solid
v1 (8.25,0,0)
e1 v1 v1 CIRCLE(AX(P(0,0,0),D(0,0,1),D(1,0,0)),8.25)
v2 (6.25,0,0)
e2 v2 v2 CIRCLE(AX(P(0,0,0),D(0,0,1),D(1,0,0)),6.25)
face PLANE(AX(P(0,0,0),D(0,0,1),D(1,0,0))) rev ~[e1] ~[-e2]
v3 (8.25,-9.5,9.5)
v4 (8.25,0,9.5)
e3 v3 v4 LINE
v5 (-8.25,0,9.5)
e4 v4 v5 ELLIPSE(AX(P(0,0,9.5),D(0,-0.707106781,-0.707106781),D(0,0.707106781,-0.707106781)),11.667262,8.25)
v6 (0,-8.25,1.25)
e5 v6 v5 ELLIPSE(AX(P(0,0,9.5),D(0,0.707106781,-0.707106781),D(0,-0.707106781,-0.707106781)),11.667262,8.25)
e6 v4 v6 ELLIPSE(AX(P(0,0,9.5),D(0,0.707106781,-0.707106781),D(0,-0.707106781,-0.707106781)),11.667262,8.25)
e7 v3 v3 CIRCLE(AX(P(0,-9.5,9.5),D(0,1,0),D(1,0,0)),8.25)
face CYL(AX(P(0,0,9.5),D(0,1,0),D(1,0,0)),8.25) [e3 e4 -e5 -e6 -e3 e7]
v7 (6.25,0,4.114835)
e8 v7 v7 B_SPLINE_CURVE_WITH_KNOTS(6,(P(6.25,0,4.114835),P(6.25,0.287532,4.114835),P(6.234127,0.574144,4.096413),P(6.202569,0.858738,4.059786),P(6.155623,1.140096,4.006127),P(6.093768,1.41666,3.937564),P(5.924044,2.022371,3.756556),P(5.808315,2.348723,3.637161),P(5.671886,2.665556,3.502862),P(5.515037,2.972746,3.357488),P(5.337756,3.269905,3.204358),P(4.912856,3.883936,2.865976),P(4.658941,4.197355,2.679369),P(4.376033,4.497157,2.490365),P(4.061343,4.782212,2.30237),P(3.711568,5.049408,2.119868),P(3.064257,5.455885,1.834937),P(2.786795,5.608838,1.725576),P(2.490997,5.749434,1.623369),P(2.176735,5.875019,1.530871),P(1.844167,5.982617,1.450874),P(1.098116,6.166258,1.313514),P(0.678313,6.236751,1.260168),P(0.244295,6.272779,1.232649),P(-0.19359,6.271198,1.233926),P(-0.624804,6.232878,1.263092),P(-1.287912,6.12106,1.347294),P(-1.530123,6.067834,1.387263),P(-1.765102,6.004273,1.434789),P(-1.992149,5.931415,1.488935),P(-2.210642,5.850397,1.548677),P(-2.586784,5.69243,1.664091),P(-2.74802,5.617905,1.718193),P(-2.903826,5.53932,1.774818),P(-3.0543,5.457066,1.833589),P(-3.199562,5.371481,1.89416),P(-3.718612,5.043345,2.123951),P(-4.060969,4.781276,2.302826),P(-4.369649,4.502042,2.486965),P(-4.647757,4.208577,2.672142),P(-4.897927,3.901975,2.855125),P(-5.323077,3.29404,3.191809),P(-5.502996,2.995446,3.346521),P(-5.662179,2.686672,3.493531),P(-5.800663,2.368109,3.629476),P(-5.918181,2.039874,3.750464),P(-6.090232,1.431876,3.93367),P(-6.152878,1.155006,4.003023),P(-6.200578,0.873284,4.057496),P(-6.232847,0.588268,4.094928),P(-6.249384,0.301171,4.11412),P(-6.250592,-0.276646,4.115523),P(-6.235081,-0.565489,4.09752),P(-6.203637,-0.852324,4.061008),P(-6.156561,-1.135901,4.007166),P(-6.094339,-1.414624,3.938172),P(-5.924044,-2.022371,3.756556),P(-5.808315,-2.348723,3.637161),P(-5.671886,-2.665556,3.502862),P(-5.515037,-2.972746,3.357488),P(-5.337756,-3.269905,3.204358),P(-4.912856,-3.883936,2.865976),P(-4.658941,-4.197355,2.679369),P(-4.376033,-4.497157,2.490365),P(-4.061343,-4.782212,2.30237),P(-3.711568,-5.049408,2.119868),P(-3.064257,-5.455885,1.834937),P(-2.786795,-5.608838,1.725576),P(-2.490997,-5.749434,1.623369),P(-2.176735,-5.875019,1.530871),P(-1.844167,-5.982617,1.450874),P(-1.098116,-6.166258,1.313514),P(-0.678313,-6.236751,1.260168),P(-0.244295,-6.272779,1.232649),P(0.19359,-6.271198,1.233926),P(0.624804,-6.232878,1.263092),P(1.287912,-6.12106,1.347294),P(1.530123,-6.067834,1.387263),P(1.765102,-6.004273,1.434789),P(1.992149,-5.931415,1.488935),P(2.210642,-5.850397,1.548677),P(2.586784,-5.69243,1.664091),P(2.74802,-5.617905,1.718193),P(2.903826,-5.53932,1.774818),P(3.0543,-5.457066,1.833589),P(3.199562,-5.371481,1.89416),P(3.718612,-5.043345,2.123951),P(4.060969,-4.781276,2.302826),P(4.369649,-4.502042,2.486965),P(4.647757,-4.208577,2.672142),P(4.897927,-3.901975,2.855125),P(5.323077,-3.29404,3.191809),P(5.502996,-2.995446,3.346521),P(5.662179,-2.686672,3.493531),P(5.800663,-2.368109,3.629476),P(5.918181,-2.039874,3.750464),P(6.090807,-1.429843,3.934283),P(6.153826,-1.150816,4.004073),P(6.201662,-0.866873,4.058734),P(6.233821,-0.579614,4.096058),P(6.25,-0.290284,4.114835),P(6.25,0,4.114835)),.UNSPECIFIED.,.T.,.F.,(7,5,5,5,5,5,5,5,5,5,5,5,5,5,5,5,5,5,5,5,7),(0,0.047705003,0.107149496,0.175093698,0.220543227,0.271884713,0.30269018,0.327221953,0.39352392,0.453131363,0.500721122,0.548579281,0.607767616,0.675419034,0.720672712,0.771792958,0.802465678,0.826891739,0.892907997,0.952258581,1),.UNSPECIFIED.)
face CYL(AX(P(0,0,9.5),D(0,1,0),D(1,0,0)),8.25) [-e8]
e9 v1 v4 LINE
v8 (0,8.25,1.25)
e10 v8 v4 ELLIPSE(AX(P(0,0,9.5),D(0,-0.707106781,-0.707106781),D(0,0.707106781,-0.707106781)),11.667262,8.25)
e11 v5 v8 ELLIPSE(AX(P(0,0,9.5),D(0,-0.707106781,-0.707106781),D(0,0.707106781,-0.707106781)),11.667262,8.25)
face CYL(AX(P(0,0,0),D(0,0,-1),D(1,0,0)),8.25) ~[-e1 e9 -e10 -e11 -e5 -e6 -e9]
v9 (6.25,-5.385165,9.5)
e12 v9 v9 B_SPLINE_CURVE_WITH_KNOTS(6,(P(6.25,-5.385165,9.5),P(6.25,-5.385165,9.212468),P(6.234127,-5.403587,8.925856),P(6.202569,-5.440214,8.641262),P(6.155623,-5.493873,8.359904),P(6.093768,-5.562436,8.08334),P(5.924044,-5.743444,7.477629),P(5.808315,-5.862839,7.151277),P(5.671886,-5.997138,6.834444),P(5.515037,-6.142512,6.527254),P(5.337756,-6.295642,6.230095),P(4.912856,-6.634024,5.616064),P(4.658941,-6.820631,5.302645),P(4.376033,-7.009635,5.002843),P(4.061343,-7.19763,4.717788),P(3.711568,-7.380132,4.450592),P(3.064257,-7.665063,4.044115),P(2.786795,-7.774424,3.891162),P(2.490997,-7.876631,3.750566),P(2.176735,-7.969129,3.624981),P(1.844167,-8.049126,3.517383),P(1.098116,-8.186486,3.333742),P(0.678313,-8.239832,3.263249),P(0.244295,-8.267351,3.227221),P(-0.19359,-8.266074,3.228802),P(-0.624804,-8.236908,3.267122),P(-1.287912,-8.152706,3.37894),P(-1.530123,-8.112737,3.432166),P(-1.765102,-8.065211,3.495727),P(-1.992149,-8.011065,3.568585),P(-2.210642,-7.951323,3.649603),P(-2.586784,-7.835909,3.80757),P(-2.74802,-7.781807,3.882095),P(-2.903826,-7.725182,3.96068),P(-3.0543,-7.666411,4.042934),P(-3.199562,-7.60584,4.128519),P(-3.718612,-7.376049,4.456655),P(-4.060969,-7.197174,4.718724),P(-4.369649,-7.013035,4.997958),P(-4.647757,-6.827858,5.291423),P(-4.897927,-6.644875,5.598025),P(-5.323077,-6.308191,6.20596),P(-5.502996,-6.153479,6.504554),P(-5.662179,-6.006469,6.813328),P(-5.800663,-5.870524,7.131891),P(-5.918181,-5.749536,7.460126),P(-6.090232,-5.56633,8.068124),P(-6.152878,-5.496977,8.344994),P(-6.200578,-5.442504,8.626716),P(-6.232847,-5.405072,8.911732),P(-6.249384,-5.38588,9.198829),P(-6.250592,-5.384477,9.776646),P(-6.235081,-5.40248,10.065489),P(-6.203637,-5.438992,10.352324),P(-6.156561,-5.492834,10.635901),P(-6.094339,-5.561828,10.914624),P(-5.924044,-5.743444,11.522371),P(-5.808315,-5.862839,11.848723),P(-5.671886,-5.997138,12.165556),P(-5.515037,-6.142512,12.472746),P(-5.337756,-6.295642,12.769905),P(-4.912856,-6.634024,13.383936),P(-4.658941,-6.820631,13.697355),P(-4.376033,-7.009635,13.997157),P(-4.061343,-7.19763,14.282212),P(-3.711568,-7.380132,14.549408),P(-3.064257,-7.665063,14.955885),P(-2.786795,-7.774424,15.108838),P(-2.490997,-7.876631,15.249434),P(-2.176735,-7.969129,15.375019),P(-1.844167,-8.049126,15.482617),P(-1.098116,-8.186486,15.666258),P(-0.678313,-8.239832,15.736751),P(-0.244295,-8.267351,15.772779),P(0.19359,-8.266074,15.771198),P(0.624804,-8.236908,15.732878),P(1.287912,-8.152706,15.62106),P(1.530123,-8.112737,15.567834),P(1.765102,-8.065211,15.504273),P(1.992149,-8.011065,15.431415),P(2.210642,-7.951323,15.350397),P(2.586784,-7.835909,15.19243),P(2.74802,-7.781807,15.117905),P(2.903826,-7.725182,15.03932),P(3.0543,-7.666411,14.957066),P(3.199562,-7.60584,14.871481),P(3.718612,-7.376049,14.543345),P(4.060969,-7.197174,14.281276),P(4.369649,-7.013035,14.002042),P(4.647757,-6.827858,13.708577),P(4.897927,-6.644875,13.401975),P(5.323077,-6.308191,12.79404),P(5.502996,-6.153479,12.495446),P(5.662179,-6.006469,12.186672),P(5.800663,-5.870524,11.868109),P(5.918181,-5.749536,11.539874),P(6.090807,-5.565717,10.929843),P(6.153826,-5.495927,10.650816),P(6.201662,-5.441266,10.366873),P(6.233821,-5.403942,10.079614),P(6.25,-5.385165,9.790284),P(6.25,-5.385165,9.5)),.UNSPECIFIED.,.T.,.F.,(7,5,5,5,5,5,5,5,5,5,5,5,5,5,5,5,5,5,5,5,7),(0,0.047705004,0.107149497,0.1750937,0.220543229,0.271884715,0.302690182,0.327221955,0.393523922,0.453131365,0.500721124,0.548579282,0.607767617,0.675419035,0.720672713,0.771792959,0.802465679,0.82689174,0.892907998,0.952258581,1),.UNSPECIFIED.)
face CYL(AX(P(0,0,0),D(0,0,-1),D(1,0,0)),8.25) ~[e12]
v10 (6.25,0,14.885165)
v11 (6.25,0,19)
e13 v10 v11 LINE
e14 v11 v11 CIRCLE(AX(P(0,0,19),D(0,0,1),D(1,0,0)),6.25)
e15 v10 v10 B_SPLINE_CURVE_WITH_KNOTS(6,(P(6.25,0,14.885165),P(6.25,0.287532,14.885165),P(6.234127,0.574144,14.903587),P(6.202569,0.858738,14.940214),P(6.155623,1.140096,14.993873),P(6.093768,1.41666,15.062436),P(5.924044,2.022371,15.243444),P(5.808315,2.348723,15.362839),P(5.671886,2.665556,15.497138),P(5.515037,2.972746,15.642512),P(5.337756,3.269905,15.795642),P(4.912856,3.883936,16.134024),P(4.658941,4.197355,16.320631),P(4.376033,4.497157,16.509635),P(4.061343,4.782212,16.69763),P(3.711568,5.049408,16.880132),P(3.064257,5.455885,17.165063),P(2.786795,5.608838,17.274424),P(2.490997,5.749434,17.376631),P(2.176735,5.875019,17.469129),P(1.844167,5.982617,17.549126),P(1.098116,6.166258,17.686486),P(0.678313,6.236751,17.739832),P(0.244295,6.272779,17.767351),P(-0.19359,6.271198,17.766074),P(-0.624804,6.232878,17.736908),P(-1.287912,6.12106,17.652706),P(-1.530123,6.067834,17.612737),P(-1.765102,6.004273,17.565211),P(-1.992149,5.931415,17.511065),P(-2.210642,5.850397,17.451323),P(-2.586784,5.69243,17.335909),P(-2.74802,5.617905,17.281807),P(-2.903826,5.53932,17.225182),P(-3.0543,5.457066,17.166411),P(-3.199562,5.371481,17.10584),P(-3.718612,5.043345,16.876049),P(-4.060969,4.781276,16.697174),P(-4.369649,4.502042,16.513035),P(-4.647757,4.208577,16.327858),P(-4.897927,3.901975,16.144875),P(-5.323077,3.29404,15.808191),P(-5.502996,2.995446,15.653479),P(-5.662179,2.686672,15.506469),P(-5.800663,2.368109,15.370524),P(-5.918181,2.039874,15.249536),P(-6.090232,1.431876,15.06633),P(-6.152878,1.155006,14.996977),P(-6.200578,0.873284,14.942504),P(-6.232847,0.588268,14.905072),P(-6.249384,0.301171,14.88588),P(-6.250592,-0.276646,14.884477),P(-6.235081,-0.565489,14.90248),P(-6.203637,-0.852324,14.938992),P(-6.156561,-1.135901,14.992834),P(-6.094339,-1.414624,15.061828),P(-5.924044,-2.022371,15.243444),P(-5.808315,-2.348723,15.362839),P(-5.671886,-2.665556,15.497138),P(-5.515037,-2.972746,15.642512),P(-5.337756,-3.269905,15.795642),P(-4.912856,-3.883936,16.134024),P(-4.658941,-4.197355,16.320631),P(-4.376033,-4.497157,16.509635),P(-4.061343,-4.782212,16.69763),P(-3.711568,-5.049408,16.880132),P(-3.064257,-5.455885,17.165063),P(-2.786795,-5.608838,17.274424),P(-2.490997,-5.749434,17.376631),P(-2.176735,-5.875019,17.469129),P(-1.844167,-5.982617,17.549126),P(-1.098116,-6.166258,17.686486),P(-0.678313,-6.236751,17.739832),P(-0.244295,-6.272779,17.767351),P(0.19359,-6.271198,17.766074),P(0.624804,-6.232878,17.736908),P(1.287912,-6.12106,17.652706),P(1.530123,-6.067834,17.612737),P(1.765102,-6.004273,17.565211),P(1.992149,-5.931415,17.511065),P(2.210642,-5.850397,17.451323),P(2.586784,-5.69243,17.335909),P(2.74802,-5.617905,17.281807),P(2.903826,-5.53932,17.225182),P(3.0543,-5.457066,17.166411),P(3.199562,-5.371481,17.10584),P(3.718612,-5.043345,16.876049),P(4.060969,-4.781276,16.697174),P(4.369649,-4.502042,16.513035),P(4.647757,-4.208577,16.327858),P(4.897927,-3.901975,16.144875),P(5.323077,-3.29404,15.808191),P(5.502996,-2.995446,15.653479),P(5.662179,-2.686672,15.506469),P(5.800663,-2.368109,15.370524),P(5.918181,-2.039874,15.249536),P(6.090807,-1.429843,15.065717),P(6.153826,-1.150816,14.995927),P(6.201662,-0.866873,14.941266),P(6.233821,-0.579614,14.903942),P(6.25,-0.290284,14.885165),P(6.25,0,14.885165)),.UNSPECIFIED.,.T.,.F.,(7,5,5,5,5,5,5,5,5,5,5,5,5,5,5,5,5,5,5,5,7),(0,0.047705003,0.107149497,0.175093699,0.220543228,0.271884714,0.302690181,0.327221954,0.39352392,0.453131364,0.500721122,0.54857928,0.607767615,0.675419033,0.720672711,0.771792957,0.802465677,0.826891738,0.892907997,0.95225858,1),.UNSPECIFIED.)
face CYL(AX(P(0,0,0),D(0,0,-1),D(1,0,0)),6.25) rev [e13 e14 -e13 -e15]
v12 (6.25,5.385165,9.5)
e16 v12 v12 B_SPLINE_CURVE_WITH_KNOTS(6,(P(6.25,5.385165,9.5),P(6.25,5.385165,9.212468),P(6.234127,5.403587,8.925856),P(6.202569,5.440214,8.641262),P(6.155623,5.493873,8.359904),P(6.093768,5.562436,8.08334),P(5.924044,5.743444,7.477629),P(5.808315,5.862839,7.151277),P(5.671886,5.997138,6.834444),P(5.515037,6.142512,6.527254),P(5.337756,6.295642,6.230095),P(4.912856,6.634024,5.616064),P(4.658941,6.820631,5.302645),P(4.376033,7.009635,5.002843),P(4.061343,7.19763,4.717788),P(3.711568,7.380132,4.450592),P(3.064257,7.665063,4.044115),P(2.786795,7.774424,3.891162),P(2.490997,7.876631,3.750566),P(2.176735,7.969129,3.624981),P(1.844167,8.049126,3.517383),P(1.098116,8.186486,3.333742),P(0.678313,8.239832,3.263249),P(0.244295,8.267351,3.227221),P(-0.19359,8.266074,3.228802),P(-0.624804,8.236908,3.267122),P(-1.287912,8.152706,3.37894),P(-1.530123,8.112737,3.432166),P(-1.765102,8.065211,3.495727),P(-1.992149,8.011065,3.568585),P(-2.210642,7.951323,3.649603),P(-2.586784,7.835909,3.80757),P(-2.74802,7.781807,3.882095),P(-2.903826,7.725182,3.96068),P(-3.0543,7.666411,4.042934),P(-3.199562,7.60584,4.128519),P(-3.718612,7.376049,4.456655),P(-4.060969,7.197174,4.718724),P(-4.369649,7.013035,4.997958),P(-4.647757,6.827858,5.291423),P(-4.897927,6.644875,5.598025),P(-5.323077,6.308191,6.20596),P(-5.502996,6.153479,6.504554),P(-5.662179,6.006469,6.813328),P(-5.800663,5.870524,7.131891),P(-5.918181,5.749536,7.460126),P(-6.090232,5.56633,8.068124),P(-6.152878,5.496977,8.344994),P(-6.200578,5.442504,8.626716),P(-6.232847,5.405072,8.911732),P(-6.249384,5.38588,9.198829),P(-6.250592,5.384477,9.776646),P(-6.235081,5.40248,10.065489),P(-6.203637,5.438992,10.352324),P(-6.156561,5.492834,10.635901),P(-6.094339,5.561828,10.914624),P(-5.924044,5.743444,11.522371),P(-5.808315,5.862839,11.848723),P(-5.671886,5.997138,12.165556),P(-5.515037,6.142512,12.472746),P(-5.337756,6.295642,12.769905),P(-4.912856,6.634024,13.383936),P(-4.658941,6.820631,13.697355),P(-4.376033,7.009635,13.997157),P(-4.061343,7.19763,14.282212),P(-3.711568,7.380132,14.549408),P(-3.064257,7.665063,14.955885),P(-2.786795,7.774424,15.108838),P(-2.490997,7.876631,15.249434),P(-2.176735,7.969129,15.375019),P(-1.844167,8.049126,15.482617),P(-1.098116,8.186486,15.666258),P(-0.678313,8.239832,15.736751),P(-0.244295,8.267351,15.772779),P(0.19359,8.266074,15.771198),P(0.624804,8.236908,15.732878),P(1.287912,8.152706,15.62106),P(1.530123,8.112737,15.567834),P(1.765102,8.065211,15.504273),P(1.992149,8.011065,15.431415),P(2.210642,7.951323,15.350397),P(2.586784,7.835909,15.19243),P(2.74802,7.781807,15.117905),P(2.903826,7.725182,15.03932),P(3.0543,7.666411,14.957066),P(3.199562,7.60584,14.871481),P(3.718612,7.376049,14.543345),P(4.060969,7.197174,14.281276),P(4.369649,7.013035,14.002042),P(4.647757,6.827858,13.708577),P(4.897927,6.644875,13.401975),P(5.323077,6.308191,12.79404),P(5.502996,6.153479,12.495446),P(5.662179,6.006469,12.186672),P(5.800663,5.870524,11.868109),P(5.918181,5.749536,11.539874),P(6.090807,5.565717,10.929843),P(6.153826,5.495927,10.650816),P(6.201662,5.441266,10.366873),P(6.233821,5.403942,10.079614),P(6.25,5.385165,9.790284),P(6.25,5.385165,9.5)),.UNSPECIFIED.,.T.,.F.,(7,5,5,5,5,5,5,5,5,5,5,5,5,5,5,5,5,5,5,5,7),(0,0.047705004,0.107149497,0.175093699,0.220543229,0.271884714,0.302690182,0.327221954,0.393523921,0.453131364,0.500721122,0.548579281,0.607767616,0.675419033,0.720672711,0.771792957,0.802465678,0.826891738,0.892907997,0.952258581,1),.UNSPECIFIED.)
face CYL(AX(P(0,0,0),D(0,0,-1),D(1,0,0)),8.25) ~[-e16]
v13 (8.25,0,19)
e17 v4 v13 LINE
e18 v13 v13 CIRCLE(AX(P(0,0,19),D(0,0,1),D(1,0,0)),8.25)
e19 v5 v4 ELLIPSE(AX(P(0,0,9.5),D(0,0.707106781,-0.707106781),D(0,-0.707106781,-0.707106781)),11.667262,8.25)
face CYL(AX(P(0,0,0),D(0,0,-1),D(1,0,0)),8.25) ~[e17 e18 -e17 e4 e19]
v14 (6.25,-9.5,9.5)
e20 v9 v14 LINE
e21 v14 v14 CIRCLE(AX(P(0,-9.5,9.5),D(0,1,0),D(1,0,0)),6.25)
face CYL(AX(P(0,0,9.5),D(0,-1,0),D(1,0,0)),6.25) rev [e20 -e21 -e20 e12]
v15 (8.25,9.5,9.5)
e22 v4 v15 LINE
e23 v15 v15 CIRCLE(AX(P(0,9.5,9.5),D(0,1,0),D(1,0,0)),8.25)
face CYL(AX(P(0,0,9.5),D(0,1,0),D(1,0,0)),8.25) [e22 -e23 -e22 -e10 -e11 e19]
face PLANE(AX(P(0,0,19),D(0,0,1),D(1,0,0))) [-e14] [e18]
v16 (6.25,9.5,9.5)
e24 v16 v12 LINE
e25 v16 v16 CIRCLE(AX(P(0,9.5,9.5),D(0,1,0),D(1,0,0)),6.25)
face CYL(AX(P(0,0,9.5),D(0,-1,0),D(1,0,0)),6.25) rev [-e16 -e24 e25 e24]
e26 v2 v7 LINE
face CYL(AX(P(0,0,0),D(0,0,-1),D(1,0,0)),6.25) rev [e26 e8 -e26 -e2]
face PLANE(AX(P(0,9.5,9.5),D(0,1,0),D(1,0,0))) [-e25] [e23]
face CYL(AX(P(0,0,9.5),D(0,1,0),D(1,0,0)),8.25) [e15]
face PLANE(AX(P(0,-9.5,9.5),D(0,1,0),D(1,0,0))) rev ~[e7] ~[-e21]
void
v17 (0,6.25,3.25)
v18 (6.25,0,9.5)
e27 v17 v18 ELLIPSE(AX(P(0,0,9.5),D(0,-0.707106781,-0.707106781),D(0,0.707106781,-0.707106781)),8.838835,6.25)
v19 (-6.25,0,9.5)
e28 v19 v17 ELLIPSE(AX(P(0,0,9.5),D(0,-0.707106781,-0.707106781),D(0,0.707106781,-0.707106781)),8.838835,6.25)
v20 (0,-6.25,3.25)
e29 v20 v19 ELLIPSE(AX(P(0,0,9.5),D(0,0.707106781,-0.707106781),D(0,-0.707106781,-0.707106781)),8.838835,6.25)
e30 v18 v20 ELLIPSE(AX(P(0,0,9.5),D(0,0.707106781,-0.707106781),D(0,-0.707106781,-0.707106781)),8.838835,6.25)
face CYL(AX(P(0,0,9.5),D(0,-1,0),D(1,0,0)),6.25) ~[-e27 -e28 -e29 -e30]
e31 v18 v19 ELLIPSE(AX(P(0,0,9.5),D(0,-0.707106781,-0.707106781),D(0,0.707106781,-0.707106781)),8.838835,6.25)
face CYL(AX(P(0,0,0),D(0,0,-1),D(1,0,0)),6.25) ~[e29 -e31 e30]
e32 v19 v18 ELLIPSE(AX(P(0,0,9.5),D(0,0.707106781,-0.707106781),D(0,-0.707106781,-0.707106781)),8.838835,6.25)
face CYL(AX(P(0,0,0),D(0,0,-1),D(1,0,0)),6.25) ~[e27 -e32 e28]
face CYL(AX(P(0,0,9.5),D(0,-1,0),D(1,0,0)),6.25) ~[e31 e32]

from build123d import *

# Parameters (mm, degrees)
SKETCH2_R           = 8.25
SKETCH2_R_2         = 6.25
EXTRUDE_THIN1_DEPTH = 19
SKETCH4_R           = 8.25
SKETCH4_R_2         = 6.25
EXTRUDE_THIN2_DEPTH = 9.5


with BuildPart() as part:
    # Sketch2 → Extrude-Thin1 (new body)
    with BuildSketch(Plane.XY):
        Circle(SKETCH2_R)
        Circle(SKETCH2_R_2, mode=Mode.SUBTRACT)
    extrude(amount=EXTRUDE_THIN1_DEPTH)

    # Sketch4 → Extrude-Thin2 (add, symmetric)
    with BuildSketch(Plane(origin=(0, 0, 0), x_dir=(1, 0, 0), z_dir=(0, 1, 0))):
        with Locations((0, -9.5)):
            Circle(SKETCH4_R)
        with Locations((0, -9.5)):
            Circle(SKETCH4_R_2, mode=Mode.SUBTRACT)
    extrude(amount=EXTRUDE_THIN2_DEPTH, both=True)


solid = part.part
